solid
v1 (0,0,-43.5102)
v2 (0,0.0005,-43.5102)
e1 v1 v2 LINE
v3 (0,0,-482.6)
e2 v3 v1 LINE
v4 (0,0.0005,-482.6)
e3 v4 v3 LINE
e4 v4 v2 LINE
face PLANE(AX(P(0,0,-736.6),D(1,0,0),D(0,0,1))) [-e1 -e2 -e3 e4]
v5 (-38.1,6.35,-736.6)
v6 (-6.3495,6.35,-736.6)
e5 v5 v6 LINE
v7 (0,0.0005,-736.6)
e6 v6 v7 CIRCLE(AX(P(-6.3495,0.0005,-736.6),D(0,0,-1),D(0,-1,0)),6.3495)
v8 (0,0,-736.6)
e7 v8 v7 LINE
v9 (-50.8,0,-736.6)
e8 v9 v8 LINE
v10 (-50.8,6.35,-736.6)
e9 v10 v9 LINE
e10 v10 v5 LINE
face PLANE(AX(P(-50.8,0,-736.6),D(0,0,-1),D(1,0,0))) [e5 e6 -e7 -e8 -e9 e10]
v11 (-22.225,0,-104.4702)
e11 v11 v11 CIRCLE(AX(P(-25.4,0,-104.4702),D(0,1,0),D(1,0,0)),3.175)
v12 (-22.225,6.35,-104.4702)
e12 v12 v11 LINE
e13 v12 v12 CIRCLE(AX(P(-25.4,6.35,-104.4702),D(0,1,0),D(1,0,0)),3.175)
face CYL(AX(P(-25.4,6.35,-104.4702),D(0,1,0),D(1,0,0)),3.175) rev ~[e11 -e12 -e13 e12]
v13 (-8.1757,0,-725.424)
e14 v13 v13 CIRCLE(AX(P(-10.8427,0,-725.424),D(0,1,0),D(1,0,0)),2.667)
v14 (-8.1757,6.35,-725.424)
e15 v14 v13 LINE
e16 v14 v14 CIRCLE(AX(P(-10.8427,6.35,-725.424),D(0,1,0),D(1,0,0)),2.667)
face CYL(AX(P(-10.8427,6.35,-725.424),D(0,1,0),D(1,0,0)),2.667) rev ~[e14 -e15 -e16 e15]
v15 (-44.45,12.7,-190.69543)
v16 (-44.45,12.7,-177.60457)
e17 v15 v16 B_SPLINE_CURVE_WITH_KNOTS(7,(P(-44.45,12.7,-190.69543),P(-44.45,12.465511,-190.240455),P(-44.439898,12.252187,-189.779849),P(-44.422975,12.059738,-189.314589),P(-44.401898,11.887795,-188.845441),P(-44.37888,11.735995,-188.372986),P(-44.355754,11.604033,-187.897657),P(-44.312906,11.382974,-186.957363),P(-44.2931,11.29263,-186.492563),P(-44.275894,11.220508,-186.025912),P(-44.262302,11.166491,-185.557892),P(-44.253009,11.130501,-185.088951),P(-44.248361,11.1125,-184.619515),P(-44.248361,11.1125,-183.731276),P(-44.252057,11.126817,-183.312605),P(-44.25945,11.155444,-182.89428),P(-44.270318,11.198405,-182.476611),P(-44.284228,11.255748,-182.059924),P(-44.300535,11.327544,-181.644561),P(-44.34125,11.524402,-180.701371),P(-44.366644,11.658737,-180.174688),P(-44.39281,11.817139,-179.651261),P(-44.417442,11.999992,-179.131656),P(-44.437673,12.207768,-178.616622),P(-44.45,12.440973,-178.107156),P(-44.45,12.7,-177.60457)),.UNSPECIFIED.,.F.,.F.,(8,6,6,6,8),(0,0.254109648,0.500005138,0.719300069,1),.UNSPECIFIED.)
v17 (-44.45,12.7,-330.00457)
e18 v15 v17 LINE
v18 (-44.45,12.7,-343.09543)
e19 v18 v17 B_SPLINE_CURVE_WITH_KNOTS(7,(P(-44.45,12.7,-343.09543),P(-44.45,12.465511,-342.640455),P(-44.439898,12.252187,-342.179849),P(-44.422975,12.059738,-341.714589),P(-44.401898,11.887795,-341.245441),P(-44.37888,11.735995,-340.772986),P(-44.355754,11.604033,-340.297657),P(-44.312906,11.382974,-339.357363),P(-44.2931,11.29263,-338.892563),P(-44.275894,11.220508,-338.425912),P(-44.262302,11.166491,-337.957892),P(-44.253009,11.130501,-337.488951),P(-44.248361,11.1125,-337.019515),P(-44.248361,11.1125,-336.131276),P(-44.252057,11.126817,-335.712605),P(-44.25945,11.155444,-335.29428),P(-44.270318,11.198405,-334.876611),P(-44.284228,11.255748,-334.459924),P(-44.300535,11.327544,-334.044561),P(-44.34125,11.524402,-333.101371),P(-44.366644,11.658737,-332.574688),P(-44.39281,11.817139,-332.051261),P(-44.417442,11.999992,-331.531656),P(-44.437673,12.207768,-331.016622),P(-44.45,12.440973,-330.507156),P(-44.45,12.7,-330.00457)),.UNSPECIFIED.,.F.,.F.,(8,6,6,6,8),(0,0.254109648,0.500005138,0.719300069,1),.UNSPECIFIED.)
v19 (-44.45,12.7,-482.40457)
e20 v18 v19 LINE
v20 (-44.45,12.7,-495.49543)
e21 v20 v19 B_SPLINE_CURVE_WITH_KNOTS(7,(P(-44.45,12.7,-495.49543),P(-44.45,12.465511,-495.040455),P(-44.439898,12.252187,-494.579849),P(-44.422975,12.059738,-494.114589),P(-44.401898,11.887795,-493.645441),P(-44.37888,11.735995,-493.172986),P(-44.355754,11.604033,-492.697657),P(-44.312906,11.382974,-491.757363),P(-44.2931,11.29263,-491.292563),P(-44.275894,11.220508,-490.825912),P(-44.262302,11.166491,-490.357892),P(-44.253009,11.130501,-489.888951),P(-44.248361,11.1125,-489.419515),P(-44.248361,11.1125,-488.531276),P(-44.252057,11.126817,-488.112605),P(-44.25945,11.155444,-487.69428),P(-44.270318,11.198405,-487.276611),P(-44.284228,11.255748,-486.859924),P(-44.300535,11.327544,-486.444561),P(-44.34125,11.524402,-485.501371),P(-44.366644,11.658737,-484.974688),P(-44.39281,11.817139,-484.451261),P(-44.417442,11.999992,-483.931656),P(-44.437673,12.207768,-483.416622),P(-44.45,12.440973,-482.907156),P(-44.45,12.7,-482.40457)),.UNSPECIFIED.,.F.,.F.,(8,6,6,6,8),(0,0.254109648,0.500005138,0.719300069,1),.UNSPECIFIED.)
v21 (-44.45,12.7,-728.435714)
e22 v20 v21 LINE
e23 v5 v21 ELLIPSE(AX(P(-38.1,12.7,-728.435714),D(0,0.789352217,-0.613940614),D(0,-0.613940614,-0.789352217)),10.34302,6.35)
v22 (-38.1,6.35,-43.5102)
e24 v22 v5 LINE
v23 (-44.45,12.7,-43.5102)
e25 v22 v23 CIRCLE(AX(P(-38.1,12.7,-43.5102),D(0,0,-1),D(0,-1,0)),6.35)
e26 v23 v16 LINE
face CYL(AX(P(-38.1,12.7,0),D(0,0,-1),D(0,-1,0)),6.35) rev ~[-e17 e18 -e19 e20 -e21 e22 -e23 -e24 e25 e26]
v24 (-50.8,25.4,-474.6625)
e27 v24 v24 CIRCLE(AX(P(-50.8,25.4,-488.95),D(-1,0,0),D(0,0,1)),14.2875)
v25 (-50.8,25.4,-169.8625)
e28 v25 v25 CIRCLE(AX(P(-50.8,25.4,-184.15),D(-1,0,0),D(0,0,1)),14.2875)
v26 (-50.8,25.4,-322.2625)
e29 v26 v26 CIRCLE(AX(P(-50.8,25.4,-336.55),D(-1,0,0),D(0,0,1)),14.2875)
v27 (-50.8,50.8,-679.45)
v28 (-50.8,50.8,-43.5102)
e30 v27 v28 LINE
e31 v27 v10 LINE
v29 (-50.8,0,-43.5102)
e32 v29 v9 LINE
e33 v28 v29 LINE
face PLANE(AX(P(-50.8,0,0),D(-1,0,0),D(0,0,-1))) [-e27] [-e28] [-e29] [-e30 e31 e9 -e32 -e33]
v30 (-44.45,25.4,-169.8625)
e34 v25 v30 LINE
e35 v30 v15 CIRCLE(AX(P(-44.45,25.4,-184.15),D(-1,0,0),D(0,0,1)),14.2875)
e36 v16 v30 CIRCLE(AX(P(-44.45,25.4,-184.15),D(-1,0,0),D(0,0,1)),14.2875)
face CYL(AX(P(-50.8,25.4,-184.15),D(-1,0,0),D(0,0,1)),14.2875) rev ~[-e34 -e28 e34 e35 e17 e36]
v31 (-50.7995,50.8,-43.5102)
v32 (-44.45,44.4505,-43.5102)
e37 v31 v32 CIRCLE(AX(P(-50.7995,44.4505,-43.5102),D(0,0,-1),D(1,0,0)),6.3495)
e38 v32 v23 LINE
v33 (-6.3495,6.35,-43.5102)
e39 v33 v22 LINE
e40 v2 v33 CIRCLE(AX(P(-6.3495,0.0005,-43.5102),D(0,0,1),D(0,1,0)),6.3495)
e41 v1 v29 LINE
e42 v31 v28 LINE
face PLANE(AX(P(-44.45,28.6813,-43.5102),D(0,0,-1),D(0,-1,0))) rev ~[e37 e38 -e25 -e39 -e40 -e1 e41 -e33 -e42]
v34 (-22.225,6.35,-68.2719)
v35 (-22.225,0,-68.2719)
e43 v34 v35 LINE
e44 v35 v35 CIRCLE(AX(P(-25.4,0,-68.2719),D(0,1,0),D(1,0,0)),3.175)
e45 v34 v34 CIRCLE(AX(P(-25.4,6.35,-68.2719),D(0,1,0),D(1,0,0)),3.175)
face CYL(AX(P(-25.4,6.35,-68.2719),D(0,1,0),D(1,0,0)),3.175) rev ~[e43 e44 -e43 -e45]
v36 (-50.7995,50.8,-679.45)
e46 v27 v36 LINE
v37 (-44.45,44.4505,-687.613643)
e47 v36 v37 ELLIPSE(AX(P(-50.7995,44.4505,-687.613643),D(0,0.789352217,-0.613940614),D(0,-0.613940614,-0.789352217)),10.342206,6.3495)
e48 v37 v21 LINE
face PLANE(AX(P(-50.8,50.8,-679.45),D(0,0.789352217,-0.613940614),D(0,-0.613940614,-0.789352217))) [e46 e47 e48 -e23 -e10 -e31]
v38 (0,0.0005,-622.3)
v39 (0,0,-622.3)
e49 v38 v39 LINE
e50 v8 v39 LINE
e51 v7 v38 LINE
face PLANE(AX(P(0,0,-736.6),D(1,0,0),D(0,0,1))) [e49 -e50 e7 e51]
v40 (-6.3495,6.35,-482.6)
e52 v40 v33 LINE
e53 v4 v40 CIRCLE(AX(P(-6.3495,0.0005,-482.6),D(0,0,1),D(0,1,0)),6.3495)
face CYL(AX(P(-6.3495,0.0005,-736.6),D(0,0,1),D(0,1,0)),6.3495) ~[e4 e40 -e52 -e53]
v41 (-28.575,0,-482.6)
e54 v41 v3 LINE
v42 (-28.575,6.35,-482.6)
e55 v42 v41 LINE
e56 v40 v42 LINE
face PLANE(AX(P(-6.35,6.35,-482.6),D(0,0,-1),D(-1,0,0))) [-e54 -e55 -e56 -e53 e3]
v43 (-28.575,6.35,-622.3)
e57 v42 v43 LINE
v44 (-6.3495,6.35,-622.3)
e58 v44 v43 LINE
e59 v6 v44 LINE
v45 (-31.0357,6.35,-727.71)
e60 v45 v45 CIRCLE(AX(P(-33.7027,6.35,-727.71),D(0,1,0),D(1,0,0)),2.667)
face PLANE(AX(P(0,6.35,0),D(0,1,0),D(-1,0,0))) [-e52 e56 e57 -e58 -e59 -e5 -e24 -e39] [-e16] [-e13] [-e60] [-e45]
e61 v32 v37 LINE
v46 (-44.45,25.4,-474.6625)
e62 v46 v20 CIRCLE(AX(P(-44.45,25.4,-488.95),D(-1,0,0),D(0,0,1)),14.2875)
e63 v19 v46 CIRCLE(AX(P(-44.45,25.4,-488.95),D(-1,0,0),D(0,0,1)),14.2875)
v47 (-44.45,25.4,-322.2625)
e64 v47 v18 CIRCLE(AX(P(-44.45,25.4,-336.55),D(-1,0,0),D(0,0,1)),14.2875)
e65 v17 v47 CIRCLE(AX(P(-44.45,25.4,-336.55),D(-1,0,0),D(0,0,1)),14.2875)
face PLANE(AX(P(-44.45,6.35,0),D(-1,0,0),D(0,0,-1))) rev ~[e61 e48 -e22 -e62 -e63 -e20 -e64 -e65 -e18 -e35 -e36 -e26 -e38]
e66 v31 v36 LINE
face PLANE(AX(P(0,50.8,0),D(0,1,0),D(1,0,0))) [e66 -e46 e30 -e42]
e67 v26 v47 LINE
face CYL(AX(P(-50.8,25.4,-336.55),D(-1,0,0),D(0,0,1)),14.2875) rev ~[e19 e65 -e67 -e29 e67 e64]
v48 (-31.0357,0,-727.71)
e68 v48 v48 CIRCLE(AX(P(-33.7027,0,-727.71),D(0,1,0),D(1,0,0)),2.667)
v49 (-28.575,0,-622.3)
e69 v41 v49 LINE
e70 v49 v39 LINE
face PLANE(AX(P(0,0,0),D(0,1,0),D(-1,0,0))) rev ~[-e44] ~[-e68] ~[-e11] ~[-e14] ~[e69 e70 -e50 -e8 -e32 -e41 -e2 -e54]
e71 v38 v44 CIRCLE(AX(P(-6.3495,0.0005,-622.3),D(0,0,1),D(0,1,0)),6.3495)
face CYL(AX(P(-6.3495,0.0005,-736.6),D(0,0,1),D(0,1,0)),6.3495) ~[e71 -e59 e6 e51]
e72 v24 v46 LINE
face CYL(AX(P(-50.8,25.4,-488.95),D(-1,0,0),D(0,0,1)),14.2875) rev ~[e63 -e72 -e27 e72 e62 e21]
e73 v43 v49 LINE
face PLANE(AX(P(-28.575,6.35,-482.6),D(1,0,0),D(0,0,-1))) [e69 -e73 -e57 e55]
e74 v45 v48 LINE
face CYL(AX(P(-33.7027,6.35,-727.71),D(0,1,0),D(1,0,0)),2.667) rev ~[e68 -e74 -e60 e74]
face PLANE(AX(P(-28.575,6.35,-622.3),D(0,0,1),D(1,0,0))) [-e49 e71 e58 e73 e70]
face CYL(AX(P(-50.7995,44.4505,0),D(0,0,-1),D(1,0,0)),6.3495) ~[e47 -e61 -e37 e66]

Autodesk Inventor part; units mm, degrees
ref_plane "YZ Plane" through (0, 0, 0) normal (1, 0, 0) x (0, 1, 0)
ref_plane "XZ Plane" through (0, 0, 0) normal (0, 1, 0) x (-1, 0, 0)
ref_plane "XY Plane" through (0, 0, 0) normal (0, 0, 1) x (1, 0, 0)
sketch "Sketch1" plane through (0, 0, 0) normal (0, 1, 0) x (-1, 0, 0)
  line L0 (0, 0) -> (50.8, 0)
  line L1 (50.8, 0) -> (50.8, -736.6)
  line L2 (50.8, -736.6) -> (0, -736.6)
  line L3 (0, -736.6) -> (0, 0)
  dimension "d0" = 50.8
  dimension "d1" = 736.6
extrude "Extrusion1" add sketch "Sketch1" along normal blind 6.35
sketch "Sketch2" plane through (0, 6.35, 0) normal (0, 1, 0) x (1, 0, 0)
  line L0 (-50.8, 0) -> (-44.45, 0)
  line L1 (-50.8, 0) -> (0, 0) projected
  line L2 (-44.45, 0) -> (-44.45, 736.6)
  line L3 (0, 736.6) -> (-50.8, 736.6) projected
  line L4 (-44.45, 736.6) -> (-50.8, 736.6)
  line L5 (-50.8, 736.6) -> (-50.8, 0)
  line L6 (-50.8, 0) -> (-44.45, 0)
  dimension "d4" = 6.35
  dimension "d5" = 736.6
  dimension "d6" = 736.6
extrude "Extrusion2" add sketch "Sketch2" along normal blind 44.45
fillet "Fillet1" radius 6.35 1 edges at (-44.45, 6.35, -368.3)
fillet "Fillet2" radius 6.35 1 edges at (0, 6.35, -368.3)
fillet "Fillet3" radius 6.35 1 edges at (-44.45, 50.8, -368.3)
hole "Hole1" at (-44.45, 25.4, -184.15) direction (-1, 0, 0) diameter 14.605 end through all
pattern_linear "Rectangular Pattern1" count 3 spacing 152.4 along (0, 0, -1) of "Hole1"
sketch "Sketch4" plane through (-44.45, 12.7, 0) normal (1, 0, 0) x (0, 0, -1)
  line L0 (43.5102, 15.9813) -> (43.5102, 68.613)
  line L1 (43.5102, 68.613) -> (43.5102, -117.0764)
  line L2 (43.5102, -117.0764) -> (-179.7757, -29.554)
  line L3 (-179.7757, -29.554) -> (-128.9181, 50.2806)
  line L4 (-128.9181, 50.2806) -> (-52.0403, 93.4505)
  line L5 (-52.0403, 93.4505) -> (43.5102, 68.613)
  point P0 (0, -12.7)
extrude "Extrusion3" cut sketch "Sketch4" along normal through all both and the other way through all
sketch "Sketch6" plane through (-50.8, 0, -736.6) normal (-1, 0, 0) x (0, 0, 1)
  line L0 (0, 0) -> (31.75, 0)
  line L1 (693.0898, 0) -> (0, 0) projected
  line L2 (31.75, 0) -> (31.75, 50.8)
  line L3 (0, 50.8) -> (693.0898, 50.8) projected
  line L4 (0, 0) -> (0, 19.05)
  line L5 (0, 0) -> (0, 50.8) projected
  line L6 (0, 19.05) -> (31.75, 50.8)
  line L7 (31.75, 87.3968) -> (-26.0736, 76.8736)
  line L8 (-26.0736, 76.8736) -> (-32.5199, 38.9128)
  line L9 (-32.5199, 38.9128) -> (0, 19.05)
  line L10 (31.75, 87.3968) -> (31.75, 50.8)
  point P0 (736.6, 0)
  dimension "d38" = 31.75
  dimension "d39" = 19.05
extrude "Extrusion4" cut sketch "Sketch6" against normal blind 304.8 contours L5 L3 L6
sketch "Sketch7" plane through (-50.8, 0, -736.6) normal (-1, 0, 0) x (0, 0, 1)
  line L0 (0, 0) -> (0, 6.35)
  line L1 (0, 0) -> (0, 19.05) projected
  line L2 (0, 6.35) -> (0, 61.7609)
  line L3 (0, 61.7609) -> (31.75, 50.8)
  line L4 (31.75, 50.8) -> (57.15, 50.8)
  line L5 (31.75, 50.8) -> (693.0898, 50.8) projected
  line L6 (57.15, 50.8) -> (0, 6.35)
  point P0 (736.6, 0)
  dimension "d42" = 6.35
  dimension "d43" = 25.4
extrude "Extrusion5" cut sketch "Sketch7" against normal blind 304.8
sketch "Sketch10" plane through (0, 6.35, 0) normal (0, 1, 0) x (1, 0, 0)
  circle A0 centre (-10.8427, 725.424) radius 2.667
  circle A1 centre (-33.7027, 727.71) radius 2.667
  point P0 (0, 0)
extrude "Extrusion6" cut sketch "Sketch10" against normal blind 25.4
sketch "Sketch12" plane through (-50.8, 0, -736.6) normal (-1, 0, 0) x (0, 0, 1)
  circle A0 centre (400.05, 25.4) radius 7.3025 projected
  circle A1 centre (552.45, 25.4) radius 7.3025 projected
  circle A2 centre (247.65, 25.4) radius 7.3025 projected
  circle A3 centre (247.65, 25.4) radius 14.2875
  circle A4 centre (400.05, 25.4) radius 14.2875
  circle A5 centre (552.45, 25.4) radius 14.2875
  point P0 (736.6, 0)
  dimension "d48" = 28.575
  dimension "d49" = 28.575
  dimension "d50" = 28.575
extrude "Extrusion7" cut sketch "Sketch12" against normal blind 25.4
sketch "Sketch13" plane through (0, 6.35, 0) normal (0, 1, 0) x (1, 0, 0)
  circle A0 centre (-25.4, 68.2719) radius 3.175
  circle A1 centre (-25.4, 104.4702) radius 3.175
  point P0 (0, 0)
extrude "Extrusion8" cut sketch "Sketch13" against normal blind 25.4
sketch "Sketch14" plane through (0, 6.35, 0) normal (0, 1, 0) x (1, 0, 0)
  circle A0 centre (-25.4, 68.2719) radius 3.175 projected
  circle A1 centre (-25.4, 104.4702) radius 3.175 projected
  circle A2 centre (-10.8427, 725.424) radius 2.667 projected
  circle A3 centre (-33.7027, 727.71) radius 2.667 projected
  line L0 (-38.1, 43.5102) -> (-6.35, 43.5102) projected
  line L1 (-6.35, 736.6) -> (-6.35, 43.5102) projected
  line L2 (-6.35, 736.6) -> (-38.1, 736.6) projected
  line L3 (-38.1, 43.5102) -> (-38.1, 736.6) projected
  line L4 (-6.35, 43.5102) -> (0, 43.5102) projected
  line L5 (0, 736.6) -> (0, 43.5102) projected
  line L6 (0, 736.6) -> (-6.35, 736.6) projected
  line L7 (-6.35, 736.6) -> (-6.35, 43.5102) projected
  line L8 (11.781, 501.9003) -> (-12.6385, 502.7611)
  line L9 (-13.1288, 510.961) -> (-13.1288, 506.3701)
  line L10 (-13.1288, 503.6795) -> (-13.1288, 506.3701)
  ellipse E0 centre (-12.6208, 503.2688) end of major axis (-12.1128, 503.2688) minor radius 0.508 (-13.1288, 503.2688) -> (-12.6385, 502.7611) ccw
  line L11 (-13.1288, 518.5072) -> (-13.1288, 510.961)
  line L12 (-13.1288, 526.3619) -> (-13.1288, 520.4519)
  line L13 (-13.1288, 518.5844) -> (-13.1288, 520.4519)
  line L14 (-21.3838, 525.728) -> (-6.0168, 525.728)
  line L15 (-21.3838, 530.5032) -> (-21.3838, 525.728)
  line L16 (-21.3838, 530.5032) -> (-6.0168, 530.5032)
  line L17 (-13.9225, 584.3659) -> (-13.9225, 520.3579)
  line L18 (-15.6688, 579.6293) -> (-15.6688, 550.0287)
  line L19 (-21.8918, 577.0337) -> (-21.8918, 580.7929)
  line L20 (-15.6688, 589.4756) -> (-15.6688, 583.2973)
  line L21 (-14.1739, 593.5184) -> (5.7789, 610.1541)
  line L22 (-13.4799, 597.3719) -> (6.1422, 615.7328)
  line L23 (0, 736.6) -> (0, 43.5102) projected
  line L24 (0, 482.6) -> (-28.575, 482.6)
  line L25 (-28.575, 482.6) -> (-28.575, 622.3)
  line L26 (-28.575, 622.3) -> (0, 622.3)
  line L27 (0, 622.3) -> (0, 482.6)
  point P0 (0, 0)
  dimension "d55" = 139.7
extrude "Extrusion9" cut sketch "Sketch14" against normal blind 6.35 contours L24 L25 L26 L1 L16 L15 L14 | L1 L8 L5 L24 | L1 L21 L5 L8 | L26 L5 L22 L1 | L14 L17 L16 L1 | L22 L5 L21 L1 | L17 L14 L15 L16
properties part number "2x2 quarter in angle aluminum far side"
